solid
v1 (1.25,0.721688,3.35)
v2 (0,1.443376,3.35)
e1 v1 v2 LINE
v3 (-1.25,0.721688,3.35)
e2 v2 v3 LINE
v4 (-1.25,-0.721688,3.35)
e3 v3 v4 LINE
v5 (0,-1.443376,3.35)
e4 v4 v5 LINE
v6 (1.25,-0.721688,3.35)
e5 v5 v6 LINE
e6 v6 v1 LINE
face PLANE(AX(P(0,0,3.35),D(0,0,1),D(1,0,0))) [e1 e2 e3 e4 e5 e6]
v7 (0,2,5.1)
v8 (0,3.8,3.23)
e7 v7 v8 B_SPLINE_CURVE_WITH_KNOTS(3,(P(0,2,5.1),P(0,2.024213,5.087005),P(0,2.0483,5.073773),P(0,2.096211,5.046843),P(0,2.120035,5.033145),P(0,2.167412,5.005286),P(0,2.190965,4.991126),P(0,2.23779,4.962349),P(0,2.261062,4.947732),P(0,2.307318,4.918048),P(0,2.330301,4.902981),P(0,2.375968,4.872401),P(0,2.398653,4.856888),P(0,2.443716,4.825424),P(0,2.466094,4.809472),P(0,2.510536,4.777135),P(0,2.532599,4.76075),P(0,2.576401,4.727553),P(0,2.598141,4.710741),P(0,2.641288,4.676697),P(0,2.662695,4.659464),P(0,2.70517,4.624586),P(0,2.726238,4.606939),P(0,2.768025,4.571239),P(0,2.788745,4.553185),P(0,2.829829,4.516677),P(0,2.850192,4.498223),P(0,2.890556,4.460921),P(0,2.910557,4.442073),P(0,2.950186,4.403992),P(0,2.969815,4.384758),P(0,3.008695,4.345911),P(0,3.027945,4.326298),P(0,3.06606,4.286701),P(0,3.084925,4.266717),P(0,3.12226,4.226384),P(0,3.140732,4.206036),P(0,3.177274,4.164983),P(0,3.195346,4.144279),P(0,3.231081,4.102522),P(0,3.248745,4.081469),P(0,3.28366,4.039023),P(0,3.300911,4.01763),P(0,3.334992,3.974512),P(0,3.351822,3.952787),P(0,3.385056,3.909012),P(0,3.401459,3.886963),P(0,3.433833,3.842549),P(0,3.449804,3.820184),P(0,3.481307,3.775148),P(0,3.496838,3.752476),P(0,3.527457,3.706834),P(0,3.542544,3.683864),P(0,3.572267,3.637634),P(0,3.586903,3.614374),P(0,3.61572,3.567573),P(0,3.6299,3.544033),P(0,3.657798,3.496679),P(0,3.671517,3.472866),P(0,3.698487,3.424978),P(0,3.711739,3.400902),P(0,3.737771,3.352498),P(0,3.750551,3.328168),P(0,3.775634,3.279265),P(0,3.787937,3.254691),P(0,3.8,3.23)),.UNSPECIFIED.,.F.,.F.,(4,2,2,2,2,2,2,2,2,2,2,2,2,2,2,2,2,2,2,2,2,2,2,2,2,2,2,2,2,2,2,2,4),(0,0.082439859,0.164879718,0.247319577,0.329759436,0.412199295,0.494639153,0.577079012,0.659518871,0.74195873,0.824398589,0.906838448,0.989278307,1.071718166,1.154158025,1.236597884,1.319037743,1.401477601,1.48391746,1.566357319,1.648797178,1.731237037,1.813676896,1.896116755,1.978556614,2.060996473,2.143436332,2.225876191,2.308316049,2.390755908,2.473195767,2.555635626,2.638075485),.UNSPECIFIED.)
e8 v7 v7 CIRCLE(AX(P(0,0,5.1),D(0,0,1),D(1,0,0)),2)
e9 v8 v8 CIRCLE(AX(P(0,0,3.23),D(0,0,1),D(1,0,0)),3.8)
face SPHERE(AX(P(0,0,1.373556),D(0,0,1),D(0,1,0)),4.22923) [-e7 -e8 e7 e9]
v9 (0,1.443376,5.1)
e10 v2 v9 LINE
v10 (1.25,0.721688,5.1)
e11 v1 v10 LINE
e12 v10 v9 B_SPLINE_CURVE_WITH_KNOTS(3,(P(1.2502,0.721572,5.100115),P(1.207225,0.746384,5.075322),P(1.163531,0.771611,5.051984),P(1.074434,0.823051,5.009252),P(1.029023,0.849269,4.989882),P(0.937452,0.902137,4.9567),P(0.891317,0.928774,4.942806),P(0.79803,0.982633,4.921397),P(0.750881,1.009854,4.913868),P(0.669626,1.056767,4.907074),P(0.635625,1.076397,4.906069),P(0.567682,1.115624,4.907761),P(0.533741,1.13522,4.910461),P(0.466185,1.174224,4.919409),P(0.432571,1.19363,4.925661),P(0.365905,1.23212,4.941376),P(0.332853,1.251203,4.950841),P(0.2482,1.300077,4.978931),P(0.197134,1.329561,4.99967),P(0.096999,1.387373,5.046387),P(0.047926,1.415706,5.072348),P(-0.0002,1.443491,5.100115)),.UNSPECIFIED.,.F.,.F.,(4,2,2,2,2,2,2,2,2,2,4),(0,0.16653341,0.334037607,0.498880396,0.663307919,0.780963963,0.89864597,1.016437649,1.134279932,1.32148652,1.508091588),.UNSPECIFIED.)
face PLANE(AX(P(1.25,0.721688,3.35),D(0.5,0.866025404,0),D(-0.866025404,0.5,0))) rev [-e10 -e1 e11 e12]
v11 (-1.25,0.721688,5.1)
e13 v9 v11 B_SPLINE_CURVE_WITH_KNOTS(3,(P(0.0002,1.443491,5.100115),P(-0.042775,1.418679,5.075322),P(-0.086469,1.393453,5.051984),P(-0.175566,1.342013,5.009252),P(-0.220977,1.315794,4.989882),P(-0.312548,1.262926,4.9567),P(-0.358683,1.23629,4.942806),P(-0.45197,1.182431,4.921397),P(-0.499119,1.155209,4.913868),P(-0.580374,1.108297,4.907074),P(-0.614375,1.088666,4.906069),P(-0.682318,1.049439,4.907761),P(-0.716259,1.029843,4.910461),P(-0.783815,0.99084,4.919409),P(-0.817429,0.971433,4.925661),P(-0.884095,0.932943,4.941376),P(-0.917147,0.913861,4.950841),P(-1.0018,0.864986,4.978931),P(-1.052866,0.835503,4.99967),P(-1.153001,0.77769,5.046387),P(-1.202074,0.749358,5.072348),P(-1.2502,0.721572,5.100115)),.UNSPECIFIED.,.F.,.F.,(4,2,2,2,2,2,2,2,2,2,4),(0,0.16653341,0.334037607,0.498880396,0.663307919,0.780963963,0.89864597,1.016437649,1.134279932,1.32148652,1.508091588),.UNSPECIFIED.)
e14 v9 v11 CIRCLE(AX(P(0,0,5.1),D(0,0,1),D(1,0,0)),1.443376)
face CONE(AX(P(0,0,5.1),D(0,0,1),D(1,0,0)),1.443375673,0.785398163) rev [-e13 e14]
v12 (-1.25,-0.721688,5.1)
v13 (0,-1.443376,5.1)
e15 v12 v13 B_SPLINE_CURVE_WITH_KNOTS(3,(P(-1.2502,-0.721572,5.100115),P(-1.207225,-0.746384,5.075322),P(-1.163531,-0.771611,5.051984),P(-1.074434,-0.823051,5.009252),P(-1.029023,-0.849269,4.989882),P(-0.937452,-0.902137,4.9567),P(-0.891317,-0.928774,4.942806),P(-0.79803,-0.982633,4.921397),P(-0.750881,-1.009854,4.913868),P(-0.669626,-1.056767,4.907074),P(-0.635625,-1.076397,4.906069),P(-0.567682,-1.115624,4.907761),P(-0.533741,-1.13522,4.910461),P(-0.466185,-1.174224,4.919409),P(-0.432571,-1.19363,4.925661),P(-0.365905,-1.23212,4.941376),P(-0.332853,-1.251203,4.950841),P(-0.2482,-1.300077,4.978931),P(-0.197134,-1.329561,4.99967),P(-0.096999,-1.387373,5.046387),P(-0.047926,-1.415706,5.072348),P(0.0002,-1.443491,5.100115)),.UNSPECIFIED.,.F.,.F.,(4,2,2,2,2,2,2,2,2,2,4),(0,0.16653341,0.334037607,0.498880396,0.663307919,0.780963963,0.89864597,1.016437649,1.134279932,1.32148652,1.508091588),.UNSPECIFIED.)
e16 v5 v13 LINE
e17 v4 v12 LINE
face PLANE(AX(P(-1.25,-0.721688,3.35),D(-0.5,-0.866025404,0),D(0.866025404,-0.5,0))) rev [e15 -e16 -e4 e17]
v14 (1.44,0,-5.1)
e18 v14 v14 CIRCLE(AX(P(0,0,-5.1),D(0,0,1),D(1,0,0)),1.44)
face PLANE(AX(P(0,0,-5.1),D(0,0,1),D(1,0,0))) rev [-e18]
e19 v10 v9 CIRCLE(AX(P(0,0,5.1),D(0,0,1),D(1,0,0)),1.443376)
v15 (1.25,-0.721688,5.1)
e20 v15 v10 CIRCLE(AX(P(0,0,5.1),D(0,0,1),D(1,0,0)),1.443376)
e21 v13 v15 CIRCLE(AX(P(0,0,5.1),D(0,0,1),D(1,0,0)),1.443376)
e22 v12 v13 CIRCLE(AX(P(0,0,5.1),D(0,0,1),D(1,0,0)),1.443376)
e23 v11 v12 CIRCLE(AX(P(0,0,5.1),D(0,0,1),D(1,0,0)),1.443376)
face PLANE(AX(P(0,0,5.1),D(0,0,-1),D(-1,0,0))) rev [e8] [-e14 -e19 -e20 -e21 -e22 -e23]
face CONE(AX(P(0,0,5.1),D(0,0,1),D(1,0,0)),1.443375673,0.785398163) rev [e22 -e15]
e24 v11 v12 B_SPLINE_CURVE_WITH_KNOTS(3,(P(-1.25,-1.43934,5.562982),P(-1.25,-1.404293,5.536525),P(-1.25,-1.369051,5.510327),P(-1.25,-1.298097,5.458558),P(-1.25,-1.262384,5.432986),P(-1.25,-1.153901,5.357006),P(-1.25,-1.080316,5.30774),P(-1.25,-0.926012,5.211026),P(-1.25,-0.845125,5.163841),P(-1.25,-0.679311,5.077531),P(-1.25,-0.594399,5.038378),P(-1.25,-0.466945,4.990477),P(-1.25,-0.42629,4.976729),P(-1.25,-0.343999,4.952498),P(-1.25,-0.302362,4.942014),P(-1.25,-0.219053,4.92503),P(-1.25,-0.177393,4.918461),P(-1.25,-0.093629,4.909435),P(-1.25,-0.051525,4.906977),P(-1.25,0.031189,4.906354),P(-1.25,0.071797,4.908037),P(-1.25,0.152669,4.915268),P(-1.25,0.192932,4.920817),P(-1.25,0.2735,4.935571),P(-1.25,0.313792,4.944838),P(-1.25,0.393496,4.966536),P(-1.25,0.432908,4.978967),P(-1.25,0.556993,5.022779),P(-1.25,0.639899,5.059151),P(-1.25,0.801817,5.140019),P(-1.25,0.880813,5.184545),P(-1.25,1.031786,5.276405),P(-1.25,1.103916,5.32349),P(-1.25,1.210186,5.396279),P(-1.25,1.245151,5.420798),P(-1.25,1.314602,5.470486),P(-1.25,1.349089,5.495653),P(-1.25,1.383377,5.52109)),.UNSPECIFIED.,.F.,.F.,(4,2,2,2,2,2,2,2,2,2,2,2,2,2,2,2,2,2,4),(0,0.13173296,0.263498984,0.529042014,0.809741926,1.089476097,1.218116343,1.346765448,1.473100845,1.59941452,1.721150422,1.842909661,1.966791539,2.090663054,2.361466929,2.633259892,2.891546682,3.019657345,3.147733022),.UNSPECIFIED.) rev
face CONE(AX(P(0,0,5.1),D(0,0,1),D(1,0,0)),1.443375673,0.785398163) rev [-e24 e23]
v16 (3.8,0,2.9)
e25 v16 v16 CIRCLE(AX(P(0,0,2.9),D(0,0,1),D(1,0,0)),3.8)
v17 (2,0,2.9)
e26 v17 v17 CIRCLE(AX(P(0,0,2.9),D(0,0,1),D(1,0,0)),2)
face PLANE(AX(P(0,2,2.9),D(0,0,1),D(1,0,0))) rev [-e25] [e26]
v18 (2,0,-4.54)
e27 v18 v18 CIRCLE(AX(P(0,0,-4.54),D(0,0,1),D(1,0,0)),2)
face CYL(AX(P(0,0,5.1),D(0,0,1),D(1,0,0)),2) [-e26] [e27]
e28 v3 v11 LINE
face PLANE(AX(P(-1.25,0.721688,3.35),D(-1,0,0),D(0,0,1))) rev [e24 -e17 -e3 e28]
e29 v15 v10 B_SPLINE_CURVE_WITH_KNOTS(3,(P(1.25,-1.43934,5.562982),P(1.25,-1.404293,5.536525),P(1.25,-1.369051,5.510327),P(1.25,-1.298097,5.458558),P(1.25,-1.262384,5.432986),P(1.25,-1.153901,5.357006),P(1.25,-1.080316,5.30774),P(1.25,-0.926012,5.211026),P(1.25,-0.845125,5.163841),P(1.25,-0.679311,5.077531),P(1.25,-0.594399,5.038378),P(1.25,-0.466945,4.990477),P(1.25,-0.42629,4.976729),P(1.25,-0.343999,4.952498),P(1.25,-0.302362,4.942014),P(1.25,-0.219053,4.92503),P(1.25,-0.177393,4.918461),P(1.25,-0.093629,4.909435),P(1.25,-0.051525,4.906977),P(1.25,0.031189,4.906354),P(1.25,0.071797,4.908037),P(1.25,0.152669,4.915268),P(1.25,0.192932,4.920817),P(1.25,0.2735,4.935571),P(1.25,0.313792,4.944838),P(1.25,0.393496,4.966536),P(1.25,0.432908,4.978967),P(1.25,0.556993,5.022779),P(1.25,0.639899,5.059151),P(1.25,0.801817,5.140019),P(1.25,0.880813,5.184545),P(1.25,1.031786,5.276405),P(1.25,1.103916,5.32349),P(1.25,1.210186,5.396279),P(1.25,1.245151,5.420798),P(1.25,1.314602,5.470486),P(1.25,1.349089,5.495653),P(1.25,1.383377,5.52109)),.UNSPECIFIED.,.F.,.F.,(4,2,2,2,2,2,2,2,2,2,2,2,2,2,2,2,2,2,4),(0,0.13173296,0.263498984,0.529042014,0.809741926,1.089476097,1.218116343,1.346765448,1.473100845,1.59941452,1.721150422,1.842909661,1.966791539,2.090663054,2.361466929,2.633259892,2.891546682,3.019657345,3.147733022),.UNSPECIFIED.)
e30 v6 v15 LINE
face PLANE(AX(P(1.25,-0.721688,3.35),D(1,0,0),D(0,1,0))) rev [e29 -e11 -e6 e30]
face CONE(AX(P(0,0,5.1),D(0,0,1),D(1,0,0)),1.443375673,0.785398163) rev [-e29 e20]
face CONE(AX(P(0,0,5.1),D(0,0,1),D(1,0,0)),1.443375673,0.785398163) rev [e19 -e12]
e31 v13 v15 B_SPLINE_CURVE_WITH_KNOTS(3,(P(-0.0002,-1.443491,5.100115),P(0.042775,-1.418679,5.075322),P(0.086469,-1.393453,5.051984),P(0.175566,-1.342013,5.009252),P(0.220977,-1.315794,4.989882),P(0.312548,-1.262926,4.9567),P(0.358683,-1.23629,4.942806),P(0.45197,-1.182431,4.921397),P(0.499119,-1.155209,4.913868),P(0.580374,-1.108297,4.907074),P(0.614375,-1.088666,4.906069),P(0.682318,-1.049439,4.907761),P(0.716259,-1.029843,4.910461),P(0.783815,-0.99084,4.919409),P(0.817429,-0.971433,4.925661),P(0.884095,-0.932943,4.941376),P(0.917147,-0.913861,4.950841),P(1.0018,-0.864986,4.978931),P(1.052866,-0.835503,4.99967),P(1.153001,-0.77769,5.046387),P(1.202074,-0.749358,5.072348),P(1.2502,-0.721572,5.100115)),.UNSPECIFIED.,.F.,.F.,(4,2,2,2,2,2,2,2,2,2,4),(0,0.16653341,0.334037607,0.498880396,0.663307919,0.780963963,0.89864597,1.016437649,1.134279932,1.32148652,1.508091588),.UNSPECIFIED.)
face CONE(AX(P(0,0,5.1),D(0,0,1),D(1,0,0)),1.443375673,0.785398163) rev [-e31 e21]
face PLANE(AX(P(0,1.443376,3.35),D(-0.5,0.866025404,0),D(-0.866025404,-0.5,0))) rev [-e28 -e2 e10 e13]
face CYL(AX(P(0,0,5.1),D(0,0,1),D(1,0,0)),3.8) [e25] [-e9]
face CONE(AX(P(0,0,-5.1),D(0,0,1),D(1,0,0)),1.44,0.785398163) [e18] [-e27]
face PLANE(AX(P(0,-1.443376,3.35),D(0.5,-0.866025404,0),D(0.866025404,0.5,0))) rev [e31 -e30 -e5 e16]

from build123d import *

# Parameters (mm, degrees)
CUT_EXTRUDE1_DEPTH = 1.75


with BuildPart() as part:
    # Sketch2 → Revolve1 (revolve)
    with BuildSketch(Plane(origin=(0, 0, 0), x_dir=(0, 0, -1), z_dir=(1, 0, 0)), mode=Mode.PRIVATE) as revolve1_sk:
        with BuildLine():
            Line((-5.1, 0), (5.1, 0))
            Line((5.1, 0), (5.1, 1.44))
            Line((5.1, 1.44), (4.54, 2))
            Line((4.54, 2), (-2.9, 2))
            Line((-2.9, 2), (-2.9, 3.8))
            Line((-2.9, 3.8), (-3.23, 3.8))
            ThreePointArc((-3.23, 3.8), (-4.306499853, 3.047002626), (-5.1, 2))
            Line((-5.1, 2), (-5.1, 0))
        make_face()
    revolve(revolve1_sk.sketch.rotate(Axis((0, 0, 5.1), (0, 0, -1)), 90), axis=Axis((0, 0, 5.1), (0, 0, -1)))

    # Sketch3 → Cut-Extrude1 (cut)
    with BuildSketch(Plane.XY.offset(5.1)):
        Polygon((0, 1.443375673), (-1.25, 0.721687836), (-1.25, -0.721687836), (0, -1.443375673), (1.25, -0.721687836), (1.25, 0.721687836), align=None)
    extrude(amount=-CUT_EXTRUDE1_DEPTH, mode=Mode.SUBTRACT)

    # Cut-Extrude2 cone 1 section (through the dimple's axis) → Cut-Extrude2 (revolve, cut)
    with BuildSketch(Plane(origin=(0, 0, 5.1), x_dir=(0, -1, 0), z_dir=(1, 0, 0))):
        Polygon((0, 0), (1.443375673, 0), (0, 1.443375673), align=None)
    revolve(axis=Axis((0, 0, 5.1), (0, 0, -1)), mode=Mode.SUBTRACT)


solid = part.part
